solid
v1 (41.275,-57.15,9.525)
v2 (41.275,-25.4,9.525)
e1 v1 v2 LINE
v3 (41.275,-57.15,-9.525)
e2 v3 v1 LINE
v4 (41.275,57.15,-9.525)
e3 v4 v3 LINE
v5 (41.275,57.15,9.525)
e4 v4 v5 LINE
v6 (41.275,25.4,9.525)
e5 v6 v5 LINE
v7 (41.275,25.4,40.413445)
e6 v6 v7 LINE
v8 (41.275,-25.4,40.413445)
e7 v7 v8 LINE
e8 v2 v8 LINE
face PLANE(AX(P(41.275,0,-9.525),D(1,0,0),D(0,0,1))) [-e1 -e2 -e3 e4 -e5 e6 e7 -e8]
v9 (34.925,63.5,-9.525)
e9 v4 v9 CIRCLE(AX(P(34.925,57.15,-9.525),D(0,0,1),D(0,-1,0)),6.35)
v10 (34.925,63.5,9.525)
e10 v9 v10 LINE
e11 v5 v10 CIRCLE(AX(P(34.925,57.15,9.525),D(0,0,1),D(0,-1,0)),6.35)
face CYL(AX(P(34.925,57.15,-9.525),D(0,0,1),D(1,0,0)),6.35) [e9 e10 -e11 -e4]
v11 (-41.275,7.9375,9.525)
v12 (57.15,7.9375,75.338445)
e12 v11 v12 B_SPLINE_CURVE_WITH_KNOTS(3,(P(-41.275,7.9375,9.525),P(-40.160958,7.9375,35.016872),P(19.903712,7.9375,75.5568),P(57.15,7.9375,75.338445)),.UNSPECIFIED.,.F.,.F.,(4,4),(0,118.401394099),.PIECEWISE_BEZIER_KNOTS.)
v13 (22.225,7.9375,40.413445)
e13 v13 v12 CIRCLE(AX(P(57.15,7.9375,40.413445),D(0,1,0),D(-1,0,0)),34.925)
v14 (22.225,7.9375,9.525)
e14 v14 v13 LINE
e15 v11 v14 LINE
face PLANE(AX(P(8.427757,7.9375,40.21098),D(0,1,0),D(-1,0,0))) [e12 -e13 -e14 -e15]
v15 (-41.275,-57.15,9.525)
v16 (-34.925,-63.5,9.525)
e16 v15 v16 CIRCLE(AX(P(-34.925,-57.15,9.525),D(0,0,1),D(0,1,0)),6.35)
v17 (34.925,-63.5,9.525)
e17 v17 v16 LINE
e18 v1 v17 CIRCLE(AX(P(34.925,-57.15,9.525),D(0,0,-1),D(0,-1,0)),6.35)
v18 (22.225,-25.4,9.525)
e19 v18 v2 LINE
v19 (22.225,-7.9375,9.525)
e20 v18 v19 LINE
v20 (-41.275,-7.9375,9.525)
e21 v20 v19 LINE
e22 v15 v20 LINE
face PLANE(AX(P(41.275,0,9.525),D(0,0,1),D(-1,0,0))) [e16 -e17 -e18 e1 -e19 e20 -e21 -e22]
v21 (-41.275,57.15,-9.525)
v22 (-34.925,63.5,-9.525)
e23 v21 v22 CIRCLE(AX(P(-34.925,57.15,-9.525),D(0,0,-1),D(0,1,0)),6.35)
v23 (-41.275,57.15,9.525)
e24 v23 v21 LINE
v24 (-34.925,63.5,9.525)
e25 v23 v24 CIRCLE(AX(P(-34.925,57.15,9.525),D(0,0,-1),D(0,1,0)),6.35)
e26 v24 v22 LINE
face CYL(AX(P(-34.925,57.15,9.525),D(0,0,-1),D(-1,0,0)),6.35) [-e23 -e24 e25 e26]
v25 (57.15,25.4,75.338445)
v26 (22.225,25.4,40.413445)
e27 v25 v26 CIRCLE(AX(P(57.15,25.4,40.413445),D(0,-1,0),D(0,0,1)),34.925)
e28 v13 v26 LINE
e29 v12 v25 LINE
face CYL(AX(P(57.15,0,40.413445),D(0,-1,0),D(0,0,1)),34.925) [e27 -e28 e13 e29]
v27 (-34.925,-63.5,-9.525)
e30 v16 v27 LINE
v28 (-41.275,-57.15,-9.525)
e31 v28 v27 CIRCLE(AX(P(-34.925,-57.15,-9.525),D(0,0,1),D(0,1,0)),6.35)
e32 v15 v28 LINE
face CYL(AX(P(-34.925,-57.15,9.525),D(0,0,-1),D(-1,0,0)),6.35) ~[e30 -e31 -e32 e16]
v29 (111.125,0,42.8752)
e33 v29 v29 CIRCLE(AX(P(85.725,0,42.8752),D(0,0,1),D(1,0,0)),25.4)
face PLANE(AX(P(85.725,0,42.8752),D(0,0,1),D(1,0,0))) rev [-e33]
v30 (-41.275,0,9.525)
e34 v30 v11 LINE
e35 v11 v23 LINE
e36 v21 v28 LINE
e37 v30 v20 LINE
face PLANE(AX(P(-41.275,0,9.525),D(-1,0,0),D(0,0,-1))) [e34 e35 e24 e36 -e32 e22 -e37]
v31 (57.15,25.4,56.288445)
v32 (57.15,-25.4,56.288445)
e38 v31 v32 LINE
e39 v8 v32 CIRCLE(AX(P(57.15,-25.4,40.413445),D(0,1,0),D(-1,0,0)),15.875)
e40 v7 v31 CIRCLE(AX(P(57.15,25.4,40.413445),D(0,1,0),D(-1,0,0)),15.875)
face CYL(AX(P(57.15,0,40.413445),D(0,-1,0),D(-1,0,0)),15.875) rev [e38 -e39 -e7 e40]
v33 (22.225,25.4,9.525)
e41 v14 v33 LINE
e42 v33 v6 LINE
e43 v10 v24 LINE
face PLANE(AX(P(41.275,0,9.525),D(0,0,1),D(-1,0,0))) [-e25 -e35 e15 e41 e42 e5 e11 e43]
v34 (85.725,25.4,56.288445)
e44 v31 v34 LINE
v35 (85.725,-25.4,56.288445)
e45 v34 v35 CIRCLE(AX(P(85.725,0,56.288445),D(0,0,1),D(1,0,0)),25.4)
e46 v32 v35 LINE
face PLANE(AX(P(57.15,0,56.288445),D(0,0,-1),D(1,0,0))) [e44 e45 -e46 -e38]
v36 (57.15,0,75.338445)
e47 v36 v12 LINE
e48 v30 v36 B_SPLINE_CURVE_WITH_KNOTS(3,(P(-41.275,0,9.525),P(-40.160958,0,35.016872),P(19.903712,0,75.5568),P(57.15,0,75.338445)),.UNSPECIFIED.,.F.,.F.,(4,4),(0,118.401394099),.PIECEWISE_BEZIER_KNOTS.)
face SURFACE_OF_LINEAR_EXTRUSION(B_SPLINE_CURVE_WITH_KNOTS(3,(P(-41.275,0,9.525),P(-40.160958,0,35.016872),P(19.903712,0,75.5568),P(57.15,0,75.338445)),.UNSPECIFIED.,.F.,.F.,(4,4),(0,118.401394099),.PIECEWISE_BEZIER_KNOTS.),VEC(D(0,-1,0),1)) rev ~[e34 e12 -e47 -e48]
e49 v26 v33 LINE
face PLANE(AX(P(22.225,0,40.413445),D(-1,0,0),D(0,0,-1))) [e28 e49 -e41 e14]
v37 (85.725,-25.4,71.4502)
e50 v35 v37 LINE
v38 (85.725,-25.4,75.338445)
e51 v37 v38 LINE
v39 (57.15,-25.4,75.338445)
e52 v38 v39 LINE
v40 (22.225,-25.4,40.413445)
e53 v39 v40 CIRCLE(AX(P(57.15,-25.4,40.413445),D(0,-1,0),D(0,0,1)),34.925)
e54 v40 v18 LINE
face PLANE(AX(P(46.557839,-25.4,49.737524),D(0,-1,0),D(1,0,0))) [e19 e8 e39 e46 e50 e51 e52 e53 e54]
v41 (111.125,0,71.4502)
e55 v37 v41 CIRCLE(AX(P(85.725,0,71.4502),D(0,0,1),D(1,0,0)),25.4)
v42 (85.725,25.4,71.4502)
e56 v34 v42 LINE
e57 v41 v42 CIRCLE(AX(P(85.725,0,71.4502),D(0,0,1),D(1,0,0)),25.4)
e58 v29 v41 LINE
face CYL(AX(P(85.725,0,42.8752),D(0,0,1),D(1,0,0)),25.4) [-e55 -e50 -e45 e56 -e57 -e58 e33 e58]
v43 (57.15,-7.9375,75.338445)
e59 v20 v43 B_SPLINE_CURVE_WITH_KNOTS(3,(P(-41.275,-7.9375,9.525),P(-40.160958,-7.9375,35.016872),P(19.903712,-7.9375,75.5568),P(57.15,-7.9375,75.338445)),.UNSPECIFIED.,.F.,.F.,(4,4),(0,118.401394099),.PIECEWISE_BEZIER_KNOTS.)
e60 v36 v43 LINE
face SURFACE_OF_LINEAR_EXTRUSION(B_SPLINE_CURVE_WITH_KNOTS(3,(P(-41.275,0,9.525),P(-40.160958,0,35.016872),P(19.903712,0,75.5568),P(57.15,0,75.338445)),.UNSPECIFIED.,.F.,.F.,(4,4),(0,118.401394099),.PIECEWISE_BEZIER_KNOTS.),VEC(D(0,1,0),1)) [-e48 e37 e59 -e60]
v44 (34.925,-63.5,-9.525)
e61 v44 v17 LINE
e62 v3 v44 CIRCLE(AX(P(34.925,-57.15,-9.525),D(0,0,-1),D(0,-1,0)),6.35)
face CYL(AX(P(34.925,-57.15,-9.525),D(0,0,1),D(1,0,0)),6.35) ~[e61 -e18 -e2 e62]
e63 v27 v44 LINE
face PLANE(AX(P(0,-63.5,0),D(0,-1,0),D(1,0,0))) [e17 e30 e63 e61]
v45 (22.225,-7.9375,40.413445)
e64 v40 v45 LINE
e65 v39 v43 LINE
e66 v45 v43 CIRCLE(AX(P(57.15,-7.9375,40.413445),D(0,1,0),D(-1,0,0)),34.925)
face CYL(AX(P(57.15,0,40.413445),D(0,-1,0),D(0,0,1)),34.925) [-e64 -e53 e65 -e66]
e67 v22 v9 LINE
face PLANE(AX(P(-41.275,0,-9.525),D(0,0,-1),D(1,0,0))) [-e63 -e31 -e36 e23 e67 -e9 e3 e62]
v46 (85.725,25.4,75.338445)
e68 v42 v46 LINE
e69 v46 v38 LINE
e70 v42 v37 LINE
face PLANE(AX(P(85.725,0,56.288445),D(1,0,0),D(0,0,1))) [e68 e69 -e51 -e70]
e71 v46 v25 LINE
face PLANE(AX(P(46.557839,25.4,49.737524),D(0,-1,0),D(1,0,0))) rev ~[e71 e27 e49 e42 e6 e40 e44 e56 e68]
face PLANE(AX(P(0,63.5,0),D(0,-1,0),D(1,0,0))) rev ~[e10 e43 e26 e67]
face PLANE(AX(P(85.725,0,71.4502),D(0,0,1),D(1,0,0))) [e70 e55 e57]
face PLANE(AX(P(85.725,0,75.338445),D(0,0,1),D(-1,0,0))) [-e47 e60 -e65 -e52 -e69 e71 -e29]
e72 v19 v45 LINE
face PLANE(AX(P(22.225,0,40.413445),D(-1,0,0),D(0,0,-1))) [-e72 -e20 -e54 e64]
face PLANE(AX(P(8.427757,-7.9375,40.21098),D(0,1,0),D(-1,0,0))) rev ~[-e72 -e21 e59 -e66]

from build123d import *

# Parameters (mm, degrees)
F1_DEPTH = 63.5
F0_W     = 25.4
F0_H     = 15.1617553278
F2_DEPTH = 25.4
F3_DEPTH = 7.9375
F5_R     = 6.35


with BuildPart() as f1:
    # F0 (on Front) → F1 (new body, symmetric)
    with BuildSketch(Plane.XZ):
        Polygon((-41.275, 9.525), (-41.275, -9.525), (41.275, -9.525), (41.275, 9.525), (22.225, 9.525), align=None)
    extrude(amount=F1_DEPTH, both=True)

    # F0 (on Front) → F2 (join, symmetric)
    with BuildSketch(Plane.XZ):
        with BuildLine():
            Line((22.225, 9.525), (41.275, 9.525))
            Line((41.275, 9.525), (41.275, 40.4134446722))
            ThreePointArc((41.275, 40.4134446722), (45.9246798487, 51.6387648236), (57.15, 56.2884446722))
            Line((57.15, 56.2884446722), (60.325, 56.2884446722))
            Line((60.325, 56.2884446722), (60.325, 71.4502))
            Line((60.325, 71.4502), (85.725, 71.4502))
            Line((85.725, 71.4502), (85.725, 75.3384446722))
            Line((85.725, 75.3384446722), (57.15, 75.3384446722))
            ThreePointArc((57.15, 75.3384446722), (32.4542956671, 65.1091490052), (22.225, 40.4134446722))
            Line((22.225, 40.4134446722), (22.225, 9.525))
        make_face()
        with Locations((73.025, 63.8693223361)):
            Rectangle(F0_W, F0_H)
    extrude(amount=F2_DEPTH, both=True)

    # F0 (on Front) → F3 (join, symmetric)
    with BuildSketch(Plane.XZ):
        with BuildLine():
            add(Edge.make_bspline(
                [(-41.275, 9.525), (-40.1609577239, 35.0168719888), (19.9037119746, 75.5567997694), (57.15, 75.3384446722)],
                knots=[0, 0, 0, 0, 118.4013940992, 118.4013940992, 118.4013940992, 118.4013940992], degree=3))
            Line((-41.275, 9.525), (22.225, 9.525))
            Line((22.225, 9.525), (22.225, 40.4134446722))
            ThreePointArc((22.225, 40.4134446722), (32.4542956671, 65.1091490052), (57.15, 75.3384446722))
        make_face()
    extrude(amount=F3_DEPTH, both=True)

    # F0 (on Front) → F4 (revolve)
    with BuildSketch(Plane.XZ):
        Polygon((111.125, 71.4502), (85.725, 71.4502), (85.725, 56.2884446722), (85.725, 42.8752), (111.125, 42.8752), align=None)
    revolve(axis=Axis((85.725, 0, 59.1068223361), (0, 0, 1)))

    # F5
    f5_edges = [f1.edges().sort_by_distance(p)[0] for p in [
        (41.275, -63.5, 0),
        (-41.275, -63.5, 0),
        (-41.275, 63.5, 0),
        (41.275, 63.5, 0),
    ]]
    fillet(f5_edges, radius=F5_R)


solid = f1.part
